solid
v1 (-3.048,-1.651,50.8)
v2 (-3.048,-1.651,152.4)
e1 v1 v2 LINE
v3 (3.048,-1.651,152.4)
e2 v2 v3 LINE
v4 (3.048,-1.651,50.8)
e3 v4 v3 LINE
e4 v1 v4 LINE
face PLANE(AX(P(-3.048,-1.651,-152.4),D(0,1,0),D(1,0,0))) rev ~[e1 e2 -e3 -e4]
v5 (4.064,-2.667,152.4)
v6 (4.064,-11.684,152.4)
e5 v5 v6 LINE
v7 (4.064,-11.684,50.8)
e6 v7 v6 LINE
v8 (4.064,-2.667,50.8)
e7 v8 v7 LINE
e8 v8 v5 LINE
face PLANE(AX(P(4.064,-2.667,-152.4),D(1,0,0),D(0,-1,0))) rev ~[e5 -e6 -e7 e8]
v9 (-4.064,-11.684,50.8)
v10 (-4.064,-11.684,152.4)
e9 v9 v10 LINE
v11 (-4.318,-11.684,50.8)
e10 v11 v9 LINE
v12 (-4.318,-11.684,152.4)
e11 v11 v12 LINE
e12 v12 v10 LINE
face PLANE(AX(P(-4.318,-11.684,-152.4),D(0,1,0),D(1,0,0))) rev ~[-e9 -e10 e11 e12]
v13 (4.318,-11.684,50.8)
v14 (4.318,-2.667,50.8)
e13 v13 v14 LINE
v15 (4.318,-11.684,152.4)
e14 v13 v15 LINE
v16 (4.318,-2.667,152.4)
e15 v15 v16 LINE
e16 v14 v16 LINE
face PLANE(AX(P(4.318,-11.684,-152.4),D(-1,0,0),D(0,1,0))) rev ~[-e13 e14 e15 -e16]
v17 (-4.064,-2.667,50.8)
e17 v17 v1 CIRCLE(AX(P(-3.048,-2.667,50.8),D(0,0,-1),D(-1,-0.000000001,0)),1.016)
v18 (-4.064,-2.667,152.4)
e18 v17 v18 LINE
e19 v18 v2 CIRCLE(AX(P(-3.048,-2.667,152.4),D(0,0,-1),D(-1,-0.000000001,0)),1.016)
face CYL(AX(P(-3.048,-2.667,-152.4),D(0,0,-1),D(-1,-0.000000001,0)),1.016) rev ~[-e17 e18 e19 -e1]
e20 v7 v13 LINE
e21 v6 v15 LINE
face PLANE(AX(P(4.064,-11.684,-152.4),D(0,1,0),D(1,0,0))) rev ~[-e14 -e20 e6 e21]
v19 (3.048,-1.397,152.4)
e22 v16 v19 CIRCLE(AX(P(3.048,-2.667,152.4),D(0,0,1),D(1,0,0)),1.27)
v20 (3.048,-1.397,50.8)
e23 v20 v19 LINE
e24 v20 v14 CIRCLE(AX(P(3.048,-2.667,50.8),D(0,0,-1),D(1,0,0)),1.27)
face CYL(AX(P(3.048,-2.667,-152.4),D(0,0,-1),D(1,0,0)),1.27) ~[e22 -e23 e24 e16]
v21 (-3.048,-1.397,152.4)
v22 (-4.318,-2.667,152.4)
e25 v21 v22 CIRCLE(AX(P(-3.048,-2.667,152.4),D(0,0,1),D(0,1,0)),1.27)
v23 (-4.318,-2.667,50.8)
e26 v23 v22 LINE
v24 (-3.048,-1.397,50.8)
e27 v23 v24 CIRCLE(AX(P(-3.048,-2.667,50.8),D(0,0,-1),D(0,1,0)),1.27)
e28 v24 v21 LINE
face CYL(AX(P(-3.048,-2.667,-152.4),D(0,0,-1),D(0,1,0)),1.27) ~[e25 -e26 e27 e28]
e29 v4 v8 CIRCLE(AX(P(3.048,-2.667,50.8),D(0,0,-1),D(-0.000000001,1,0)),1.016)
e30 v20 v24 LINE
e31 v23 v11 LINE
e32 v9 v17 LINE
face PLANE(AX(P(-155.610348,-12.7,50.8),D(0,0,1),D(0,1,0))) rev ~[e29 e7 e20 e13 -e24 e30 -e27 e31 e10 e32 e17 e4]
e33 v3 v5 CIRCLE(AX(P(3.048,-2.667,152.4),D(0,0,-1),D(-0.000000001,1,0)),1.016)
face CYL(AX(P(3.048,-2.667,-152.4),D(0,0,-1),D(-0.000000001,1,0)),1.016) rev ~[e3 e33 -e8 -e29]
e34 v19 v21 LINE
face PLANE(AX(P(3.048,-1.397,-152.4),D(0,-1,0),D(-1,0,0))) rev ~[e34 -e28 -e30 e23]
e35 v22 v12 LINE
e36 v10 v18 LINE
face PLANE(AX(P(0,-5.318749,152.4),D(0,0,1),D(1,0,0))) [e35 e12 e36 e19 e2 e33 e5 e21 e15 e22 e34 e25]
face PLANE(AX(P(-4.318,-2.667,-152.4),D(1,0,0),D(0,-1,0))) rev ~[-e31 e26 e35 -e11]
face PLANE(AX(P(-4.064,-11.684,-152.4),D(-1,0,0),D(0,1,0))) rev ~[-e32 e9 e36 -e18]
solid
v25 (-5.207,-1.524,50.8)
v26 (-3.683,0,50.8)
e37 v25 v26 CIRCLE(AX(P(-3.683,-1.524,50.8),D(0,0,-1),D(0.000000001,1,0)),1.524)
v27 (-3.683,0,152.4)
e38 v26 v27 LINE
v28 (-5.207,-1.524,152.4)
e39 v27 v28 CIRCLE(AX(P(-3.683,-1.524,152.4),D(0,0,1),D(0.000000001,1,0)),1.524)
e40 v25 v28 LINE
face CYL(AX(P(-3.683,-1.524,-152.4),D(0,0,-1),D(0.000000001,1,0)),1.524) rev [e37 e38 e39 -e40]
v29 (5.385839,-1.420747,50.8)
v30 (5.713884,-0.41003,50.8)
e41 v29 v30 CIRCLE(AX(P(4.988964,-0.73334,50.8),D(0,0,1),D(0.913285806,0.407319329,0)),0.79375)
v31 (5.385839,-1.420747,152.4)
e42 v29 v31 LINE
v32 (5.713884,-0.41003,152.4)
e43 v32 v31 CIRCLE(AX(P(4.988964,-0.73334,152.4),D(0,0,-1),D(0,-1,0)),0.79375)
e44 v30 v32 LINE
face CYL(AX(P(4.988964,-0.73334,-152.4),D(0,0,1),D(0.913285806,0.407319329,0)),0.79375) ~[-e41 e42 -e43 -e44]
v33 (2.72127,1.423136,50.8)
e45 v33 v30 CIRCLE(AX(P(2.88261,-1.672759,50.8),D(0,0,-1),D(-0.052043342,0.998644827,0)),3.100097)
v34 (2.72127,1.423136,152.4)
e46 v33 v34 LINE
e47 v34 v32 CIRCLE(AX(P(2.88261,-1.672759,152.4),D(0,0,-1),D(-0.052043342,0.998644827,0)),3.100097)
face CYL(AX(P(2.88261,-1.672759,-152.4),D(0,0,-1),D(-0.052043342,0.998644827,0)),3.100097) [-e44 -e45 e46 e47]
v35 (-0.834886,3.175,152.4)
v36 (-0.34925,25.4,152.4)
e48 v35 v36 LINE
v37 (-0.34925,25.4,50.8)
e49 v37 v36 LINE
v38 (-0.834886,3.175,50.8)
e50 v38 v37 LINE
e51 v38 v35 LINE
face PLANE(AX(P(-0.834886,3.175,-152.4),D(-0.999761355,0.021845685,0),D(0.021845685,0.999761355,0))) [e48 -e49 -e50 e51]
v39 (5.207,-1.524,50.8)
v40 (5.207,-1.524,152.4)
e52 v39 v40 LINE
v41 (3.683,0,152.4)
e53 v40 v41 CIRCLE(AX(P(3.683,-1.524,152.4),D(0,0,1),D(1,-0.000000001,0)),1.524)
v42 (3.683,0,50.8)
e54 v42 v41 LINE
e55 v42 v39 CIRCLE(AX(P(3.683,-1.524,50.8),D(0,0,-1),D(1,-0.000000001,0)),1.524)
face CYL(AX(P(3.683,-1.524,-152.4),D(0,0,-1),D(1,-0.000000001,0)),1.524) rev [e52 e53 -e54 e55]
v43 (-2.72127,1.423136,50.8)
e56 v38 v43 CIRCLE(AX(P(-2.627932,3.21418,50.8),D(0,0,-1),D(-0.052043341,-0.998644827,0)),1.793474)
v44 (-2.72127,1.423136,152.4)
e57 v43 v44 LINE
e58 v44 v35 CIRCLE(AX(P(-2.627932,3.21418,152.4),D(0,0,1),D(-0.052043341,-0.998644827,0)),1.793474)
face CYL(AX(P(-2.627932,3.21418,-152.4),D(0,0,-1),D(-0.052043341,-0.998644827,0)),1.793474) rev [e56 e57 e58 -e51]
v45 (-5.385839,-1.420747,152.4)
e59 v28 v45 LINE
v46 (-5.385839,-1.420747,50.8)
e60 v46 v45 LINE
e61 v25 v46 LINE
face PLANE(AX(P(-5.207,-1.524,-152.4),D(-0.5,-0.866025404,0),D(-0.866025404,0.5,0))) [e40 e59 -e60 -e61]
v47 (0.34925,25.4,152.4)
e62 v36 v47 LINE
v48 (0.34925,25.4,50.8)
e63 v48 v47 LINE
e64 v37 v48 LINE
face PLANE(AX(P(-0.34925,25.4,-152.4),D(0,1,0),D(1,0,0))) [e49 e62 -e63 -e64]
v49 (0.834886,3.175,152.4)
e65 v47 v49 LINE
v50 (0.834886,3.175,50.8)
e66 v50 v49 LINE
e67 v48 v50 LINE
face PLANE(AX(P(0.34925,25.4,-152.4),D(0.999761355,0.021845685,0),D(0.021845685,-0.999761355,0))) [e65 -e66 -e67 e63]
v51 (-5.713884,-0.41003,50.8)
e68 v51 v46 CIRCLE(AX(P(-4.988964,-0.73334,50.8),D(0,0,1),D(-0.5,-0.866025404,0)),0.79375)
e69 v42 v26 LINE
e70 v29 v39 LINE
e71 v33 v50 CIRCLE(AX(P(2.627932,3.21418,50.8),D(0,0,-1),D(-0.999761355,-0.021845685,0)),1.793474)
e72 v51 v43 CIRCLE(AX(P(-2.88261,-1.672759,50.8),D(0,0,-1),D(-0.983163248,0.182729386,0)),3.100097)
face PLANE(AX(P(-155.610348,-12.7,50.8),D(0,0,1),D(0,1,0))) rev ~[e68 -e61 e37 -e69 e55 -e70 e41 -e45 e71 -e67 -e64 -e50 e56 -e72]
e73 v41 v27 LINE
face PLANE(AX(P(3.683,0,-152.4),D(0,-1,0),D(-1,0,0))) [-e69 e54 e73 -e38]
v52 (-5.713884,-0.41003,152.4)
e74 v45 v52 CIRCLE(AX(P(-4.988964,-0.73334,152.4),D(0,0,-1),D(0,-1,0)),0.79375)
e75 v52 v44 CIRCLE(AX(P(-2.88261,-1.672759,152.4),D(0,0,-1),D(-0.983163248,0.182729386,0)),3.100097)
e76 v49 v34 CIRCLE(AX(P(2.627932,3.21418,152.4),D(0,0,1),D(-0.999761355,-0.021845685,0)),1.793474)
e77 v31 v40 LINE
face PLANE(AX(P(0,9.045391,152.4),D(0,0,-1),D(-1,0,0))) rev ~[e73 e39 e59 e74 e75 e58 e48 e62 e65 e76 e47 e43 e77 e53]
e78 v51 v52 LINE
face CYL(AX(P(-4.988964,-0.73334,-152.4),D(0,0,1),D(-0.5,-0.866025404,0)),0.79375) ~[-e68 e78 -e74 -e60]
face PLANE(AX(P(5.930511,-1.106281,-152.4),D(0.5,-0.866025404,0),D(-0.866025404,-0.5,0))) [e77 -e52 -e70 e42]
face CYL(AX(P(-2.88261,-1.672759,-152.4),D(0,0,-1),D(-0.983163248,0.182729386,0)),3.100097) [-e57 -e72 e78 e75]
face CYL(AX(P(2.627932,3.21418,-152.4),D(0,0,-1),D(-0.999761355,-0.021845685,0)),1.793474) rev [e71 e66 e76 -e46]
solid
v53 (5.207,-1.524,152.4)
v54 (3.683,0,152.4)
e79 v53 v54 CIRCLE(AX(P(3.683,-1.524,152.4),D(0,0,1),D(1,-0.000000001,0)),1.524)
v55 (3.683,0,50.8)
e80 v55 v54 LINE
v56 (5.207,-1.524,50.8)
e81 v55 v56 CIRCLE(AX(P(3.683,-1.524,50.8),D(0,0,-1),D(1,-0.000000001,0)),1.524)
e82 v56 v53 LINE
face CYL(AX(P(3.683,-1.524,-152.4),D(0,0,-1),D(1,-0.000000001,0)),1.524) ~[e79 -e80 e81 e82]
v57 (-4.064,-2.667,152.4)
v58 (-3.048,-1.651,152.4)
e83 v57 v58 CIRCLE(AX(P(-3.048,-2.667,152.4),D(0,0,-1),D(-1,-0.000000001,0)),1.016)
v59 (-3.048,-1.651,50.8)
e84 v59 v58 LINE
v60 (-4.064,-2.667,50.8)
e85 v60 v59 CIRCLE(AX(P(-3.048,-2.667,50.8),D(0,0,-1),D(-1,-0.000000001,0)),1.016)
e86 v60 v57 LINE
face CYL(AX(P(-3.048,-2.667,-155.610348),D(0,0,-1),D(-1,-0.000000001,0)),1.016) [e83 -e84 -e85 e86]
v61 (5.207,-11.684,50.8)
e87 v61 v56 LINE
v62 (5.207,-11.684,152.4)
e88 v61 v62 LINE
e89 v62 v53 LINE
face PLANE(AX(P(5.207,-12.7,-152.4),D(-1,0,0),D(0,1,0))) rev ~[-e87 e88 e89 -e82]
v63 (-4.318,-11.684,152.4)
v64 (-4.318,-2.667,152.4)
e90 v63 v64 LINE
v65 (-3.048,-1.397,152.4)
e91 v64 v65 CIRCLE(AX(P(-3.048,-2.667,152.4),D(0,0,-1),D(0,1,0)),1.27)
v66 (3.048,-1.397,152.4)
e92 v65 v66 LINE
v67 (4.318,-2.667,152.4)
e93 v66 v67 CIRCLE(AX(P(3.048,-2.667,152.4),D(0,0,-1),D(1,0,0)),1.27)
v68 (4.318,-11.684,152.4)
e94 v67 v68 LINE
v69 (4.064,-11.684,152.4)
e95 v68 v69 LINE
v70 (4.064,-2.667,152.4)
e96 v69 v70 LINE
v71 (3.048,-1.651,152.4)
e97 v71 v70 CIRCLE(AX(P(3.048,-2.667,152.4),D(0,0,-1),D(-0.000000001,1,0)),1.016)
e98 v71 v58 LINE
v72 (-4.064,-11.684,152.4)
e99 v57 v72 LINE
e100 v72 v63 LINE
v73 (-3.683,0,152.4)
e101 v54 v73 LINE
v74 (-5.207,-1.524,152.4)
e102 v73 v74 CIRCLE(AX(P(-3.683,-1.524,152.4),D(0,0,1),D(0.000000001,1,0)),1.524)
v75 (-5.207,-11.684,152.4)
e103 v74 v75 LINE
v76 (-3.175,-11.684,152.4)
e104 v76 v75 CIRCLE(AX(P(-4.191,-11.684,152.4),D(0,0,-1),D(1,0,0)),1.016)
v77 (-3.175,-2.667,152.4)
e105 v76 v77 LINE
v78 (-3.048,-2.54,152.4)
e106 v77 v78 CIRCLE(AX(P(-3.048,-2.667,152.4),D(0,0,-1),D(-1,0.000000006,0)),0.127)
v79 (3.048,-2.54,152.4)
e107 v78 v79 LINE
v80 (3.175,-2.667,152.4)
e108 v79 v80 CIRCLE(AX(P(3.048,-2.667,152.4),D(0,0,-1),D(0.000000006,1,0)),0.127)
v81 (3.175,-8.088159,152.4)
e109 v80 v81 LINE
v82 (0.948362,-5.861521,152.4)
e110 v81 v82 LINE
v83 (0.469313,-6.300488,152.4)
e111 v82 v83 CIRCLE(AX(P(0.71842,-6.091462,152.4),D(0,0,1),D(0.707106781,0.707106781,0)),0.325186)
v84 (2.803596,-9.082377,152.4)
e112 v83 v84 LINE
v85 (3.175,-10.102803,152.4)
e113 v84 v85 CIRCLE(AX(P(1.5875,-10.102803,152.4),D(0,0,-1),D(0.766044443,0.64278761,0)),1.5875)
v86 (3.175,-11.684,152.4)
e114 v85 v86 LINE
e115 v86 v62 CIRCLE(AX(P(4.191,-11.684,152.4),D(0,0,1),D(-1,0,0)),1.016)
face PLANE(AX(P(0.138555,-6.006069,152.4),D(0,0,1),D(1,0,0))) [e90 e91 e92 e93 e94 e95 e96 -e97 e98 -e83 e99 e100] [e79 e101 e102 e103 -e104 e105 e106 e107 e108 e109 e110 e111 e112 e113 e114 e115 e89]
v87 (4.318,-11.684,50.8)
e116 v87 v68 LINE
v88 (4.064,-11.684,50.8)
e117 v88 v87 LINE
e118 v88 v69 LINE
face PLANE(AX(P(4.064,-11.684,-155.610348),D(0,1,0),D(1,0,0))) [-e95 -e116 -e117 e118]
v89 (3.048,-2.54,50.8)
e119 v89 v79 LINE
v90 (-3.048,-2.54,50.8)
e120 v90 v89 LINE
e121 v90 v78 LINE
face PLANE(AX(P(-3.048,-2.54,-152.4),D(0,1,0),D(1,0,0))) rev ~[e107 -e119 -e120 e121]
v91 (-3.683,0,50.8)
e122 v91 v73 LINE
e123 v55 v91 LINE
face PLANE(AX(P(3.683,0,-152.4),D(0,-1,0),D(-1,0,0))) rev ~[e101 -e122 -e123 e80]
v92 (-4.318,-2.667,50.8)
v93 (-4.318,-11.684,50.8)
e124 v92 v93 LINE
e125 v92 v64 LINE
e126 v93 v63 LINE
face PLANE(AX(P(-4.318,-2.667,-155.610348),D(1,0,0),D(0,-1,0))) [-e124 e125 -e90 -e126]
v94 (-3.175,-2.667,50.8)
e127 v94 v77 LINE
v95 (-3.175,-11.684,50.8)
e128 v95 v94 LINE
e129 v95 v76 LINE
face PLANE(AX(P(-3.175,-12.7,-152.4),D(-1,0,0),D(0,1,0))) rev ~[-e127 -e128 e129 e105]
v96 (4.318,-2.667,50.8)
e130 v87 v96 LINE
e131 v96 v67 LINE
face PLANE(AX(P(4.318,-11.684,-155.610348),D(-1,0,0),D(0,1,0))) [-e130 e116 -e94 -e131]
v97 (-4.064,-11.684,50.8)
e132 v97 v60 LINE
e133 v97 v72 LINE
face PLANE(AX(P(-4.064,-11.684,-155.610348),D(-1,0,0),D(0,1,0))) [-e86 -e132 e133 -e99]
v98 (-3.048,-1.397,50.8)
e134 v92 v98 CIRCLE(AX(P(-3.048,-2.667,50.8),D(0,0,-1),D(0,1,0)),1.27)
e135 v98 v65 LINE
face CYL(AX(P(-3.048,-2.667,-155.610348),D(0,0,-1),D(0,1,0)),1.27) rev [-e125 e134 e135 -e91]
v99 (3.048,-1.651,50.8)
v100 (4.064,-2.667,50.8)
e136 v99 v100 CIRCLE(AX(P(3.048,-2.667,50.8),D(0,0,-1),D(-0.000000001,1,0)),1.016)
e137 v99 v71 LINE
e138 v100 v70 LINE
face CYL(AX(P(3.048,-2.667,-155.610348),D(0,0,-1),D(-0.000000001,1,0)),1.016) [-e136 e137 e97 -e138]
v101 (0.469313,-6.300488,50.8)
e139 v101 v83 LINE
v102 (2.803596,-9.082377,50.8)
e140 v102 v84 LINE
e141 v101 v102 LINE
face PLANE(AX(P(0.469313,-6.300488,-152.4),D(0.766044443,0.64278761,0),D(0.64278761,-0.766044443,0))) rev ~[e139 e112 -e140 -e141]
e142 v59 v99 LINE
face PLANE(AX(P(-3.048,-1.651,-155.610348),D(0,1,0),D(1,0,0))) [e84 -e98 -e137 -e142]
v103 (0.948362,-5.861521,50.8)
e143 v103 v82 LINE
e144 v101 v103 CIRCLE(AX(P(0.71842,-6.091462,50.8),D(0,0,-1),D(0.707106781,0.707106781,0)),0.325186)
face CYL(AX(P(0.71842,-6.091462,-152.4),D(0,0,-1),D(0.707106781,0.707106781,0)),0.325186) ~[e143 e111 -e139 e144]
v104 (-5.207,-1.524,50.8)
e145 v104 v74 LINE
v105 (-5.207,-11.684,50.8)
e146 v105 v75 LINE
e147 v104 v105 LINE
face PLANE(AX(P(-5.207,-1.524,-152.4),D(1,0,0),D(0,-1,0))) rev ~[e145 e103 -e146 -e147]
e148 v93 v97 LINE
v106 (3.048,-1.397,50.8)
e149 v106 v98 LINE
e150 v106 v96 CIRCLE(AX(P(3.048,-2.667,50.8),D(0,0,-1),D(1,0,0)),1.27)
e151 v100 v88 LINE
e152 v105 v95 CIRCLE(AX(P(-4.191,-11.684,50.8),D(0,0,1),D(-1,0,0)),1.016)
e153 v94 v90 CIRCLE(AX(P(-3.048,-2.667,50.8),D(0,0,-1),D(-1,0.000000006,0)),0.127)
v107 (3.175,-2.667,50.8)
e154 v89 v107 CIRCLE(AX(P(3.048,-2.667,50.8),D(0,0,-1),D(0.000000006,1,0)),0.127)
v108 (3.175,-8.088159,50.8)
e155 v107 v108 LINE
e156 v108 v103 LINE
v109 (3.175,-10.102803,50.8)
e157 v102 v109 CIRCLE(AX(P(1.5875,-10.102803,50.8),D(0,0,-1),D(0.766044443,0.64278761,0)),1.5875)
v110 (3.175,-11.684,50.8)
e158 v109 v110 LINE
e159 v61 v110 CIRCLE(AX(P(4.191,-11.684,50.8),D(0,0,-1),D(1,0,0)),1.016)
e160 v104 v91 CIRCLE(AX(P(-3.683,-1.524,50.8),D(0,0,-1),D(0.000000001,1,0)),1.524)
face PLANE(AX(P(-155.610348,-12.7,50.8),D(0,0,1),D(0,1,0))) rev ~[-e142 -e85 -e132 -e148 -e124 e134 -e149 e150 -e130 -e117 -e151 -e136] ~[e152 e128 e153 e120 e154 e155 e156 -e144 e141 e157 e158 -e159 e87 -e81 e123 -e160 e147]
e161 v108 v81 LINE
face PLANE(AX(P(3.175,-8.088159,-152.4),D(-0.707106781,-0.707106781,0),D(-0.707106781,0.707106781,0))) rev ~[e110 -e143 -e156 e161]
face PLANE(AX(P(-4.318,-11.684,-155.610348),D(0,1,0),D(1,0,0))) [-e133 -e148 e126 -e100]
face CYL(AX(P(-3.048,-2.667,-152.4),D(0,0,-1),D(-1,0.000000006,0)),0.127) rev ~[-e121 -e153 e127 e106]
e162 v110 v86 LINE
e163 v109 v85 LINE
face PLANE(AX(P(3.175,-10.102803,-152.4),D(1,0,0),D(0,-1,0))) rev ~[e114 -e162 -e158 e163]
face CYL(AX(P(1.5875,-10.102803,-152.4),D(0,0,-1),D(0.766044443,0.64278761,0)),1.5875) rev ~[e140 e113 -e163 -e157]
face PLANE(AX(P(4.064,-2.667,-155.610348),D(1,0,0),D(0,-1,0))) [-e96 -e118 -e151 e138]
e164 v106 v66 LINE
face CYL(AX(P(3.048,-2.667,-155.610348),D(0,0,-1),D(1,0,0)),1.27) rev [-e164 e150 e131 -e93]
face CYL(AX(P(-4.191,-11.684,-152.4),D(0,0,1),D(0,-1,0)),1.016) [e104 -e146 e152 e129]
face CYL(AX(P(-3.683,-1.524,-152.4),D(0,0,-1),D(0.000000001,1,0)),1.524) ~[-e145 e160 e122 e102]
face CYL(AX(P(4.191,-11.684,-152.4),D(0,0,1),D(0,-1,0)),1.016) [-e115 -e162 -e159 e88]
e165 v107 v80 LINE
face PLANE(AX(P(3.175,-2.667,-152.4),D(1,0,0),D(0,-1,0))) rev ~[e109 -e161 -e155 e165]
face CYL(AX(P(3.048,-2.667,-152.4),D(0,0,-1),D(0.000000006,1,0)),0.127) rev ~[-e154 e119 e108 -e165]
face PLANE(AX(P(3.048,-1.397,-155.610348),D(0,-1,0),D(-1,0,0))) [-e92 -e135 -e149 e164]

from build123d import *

# Parameters (mm, degrees)
BOSS_EXTRUDE1_DEPTH      = 152.4
BOSS_EXTRUDE1_DEPTH_BACK = 152.4
BOSS_EXTRUDE2_DEPTH      = 152.4
BOSS_EXTRUDE2_DEPTH_BACK = 152.4
FILLET1_R                = 0.79375
CUT_EXTRUDE1_DEPTH       = 155.610348225
CUT_EXTRUDE1_DEPTH_BACK  = 155.610348225
BOSS_EXTRUDE3_DEPTH      = 152.4
BOSS_EXTRUDE3_DEPTH_BACK = 152.4
FILLET2_RADIUS           = 1.016
FILLET2_LENGTH           = 304.8
FILLET3_RADIUS           = 1.016
FILLET3_LENGTH           = 304.8
CUT_EXTRUDE2_DEPTH       = 155.610348225
CUT_EXTRUDE2_DEPTH_BACK  = 155.610348225
SKETCH6_W                = 203.2
SKETCH6_H                = 38.1


with BuildPart() as part:
    # Sketch4 → Boss-Extrude1 (new, two sides: drawn at the far end of the back side and taken through both)
    with BuildSketch(Plane.XY.offset(-BOSS_EXTRUDE1_DEPTH_BACK)):
        with BuildLine():
            Line((-5.207, -12.7), (-3.175, -12.7))
            Line((-3.175, -12.7), (-3.175, -2.667))
            ThreePointArc((-3.175, -2.667), (-3.137802561, -2.577197439), (-3.048, -2.54))
            Line((-3.048, -2.54), (3.048, -2.54))
            ThreePointArc((3.048, -2.54), (3.137802561, -2.577197439), (3.175, -2.667))
            Line((3.175, -2.667), (3.175, -8.088159021))
            Line((3.175, -8.088159021), (0.948361947, -5.861520968))
            ThreePointArc((0.948361947, -5.861520968), (0.498727791, -5.851709916), (0.46931331, -6.300488167))
            Line((0.46931331, -6.300488167), (2.803595553, -9.082377417))
            ThreePointArc((2.803595553, -9.082377417), (3.079262035, -9.559845769), (3.175, -10.102802747))
            Line((3.175, -10.102802747), (3.175, -12.7))
            Line((3.175, -12.7), (5.207, -12.7))
            Line((5.207, -12.7), (5.207, -1.524))
            ThreePointArc((5.207, -1.524), (4.760630735, -0.446369265), (3.683, 0))
            Line((3.683, 0), (-3.683, 0))
            ThreePointArc((-3.683, 0), (-4.760630735, -0.446369265), (-5.207, -1.524))
            Line((-5.207, -1.524), (-5.207, -12.7))
        make_face()
    extrude(amount=BOSS_EXTRUDE1_DEPTH + BOSS_EXTRUDE1_DEPTH_BACK)

    # Sketch5 → Cut-Extrude1 (cut, two sides: drawn at the far end of the back side and taken through both)
    with BuildSketch(Plane.XY.offset(-CUT_EXTRUDE1_DEPTH_BACK)):
        with BuildLine():
            Line((4.318, -11.684), (4.318, -2.667))
            ThreePointArc((4.318, -2.667), (3.946025612, -1.768974388), (3.048, -1.397))
            Line((3.048, -1.397), (-3.048, -1.397))
            ThreePointArc((-3.048, -1.397), (-3.946025612, -1.768974388), (-4.318, -2.667))
            Line((-4.318, -2.667), (-4.318, -11.684))
            Line((-4.318, -11.684), (-4.064, -11.684))
            Line((-4.064, -11.684), (-4.064, -2.667))
            ThreePointArc((-4.064, -2.667), (-3.76642049, -1.94857951), (-3.048, -1.651))
            Line((-3.048, -1.651), (3.048, -1.651))
            ThreePointArc((3.048, -1.651), (3.76642049, -1.94857951), (4.064, -2.667))
            Line((4.064, -2.667), (4.064, -11.684))
            Line((4.064, -11.684), (4.318, -11.684))
        make_face()
    extrude(amount=CUT_EXTRUDE1_DEPTH + CUT_EXTRUDE1_DEPTH_BACK, mode=Mode.SUBTRACT)

    # Fillet2: full round fillet: the end face becomes a half cylinder, R = half its width
    fillet2_face = Plane((4.191, -12.7, 0), x_dir=(0, 0, 1), z_dir=(0, -1, 0))  # on the end face: x along it, z out of the body
    fillet2_slab = fillet2_face.offset(-FILLET2_RADIUS / 2) * Box(FILLET2_LENGTH, 2 * FILLET2_RADIUS, FILLET2_RADIUS, mode=Mode.PRIVATE)  # the body's end, R deep
    fillet2_round = Plane((4.191, -11.684, 0), x_dir=(0, -1, 0), z_dir=(0, 0, 1)) * Cylinder(FILLET2_RADIUS, FILLET2_LENGTH, mode=Mode.PRIVATE)  # its axis R under the face
    add(fillet2_slab - fillet2_round, mode=Mode.SUBTRACT)

    # Fillet3: full round fillet: the end face becomes a half cylinder, R = half its width
    fillet3_face = Plane((-4.191, -12.7, 0), x_dir=(0, 0, 1), z_dir=(0, -1, 0))  # on the end face: x along it, z out of the body
    fillet3_slab = fillet3_face.offset(-FILLET3_RADIUS / 2) * Box(FILLET3_LENGTH, 2 * FILLET3_RADIUS, FILLET3_RADIUS, mode=Mode.PRIVATE)  # the body's end, R deep
    fillet3_round = Plane((-4.191, -11.684, 0), x_dir=(0, -1, 0), z_dir=(0, 0, 1)) * Cylinder(FILLET3_RADIUS, FILLET3_LENGTH, mode=Mode.PRIVATE)  # its axis R under the face
    add(fillet3_slab - fillet3_round, mode=Mode.SUBTRACT)


with BuildPart() as body_2:
    # Sketch3 → Boss-Extrude2 (new, two sides: drawn at the far end of the back side and taken through both)
    with BuildSketch(Plane.XY.offset(-BOSS_EXTRUDE2_DEPTH_BACK)):
        with BuildLine():
            Line((3.683, 0), (-3.683, 0))
            ThreePointArc((-3.683, 0), (-4.760630735, -0.446369265), (-5.207, -1.524))
            Line((-5.207, -1.524), (-5.930511184, -1.106280623))
            ThreePointArc((-5.930511184, -1.106280623), (-4.801606302, 0.762), (-2.721270401, 1.423136341))
            ThreePointArc((-2.721270401, 1.423136341), (-1.407478061, 1.900010596), (-0.834886247, 3.175))
            Line((-0.834886247, 3.175), (-0.34925, 25.4))
            Line((-0.34925, 25.4), (0.34925, 25.4))
            Line((0.34925, 25.4), (0.834886247, 3.175))
            ThreePointArc((0.834886247, 3.175), (1.407478061, 1.900010596), (2.721270401, 1.423136341))
            ThreePointArc((2.721270401, 1.423136341), (4.801606302, 0.762), (5.930511184, -1.106280623))
            Line((5.930511184, -1.106280623), (5.207, -1.524))
            ThreePointArc((5.207, -1.524), (4.760630735, -0.446369265), (3.683, 0))
        make_face()
    extrude(amount=BOSS_EXTRUDE2_DEPTH + BOSS_EXTRUDE2_DEPTH_BACK)

    # Fillet1
    fillet1_edges = [body_2.edges().sort_by_distance(p)[0] for p in [
        (5.930511184, -1.106280623, 0),
        (-5.930511184, -1.106280623, 0),
    ]]
    fillet(fillet1_edges, radius=FILLET1_R)


with BuildPart() as body_3:
    # Sketch5<2> → Boss-Extrude3 (new, two sides: drawn at the far end of the back side and taken through both)
    with BuildSketch(Plane.XY.offset(-BOSS_EXTRUDE3_DEPTH_BACK)):
        with BuildLine():
            Line((4.318, -11.684), (4.318, -2.667))
            ThreePointArc((4.318, -2.667), (3.946025612, -1.768974388), (3.048, -1.397))
            Line((3.048, -1.397), (-3.048, -1.397))
            ThreePointArc((-3.048, -1.397), (-3.946025612, -1.768974388), (-4.318, -2.667))
            Line((-4.318, -2.667), (-4.318, -11.684))
            Line((-4.318, -11.684), (-4.064, -11.684))
            Line((-4.064, -11.684), (-4.064, -2.667))
            ThreePointArc((-4.064, -2.667), (-3.76642049, -1.94857951), (-3.048, -1.651))
            Line((-3.048, -1.651), (3.048, -1.651))
            ThreePointArc((3.048, -1.651), (3.76642049, -1.94857951), (4.064, -2.667))
            Line((4.064, -2.667), (4.064, -11.684))
            Line((4.064, -11.684), (4.318, -11.684))
        make_face()
    extrude(amount=BOSS_EXTRUDE3_DEPTH + BOSS_EXTRUDE3_DEPTH_BACK)


with BuildPart() as cut_extrude2_tool:
    # Sketch6 → Cut-Extrude2 (new, two sides: drawn at the far end of the back side and taken through both)
    with BuildSketch(Plane(origin=(0, 0, 0), x_dir=(0, 0, -1), z_dir=(1, 0, 0)).offset(-CUT_EXTRUDE2_DEPTH_BACK)):
        with Locations((50.8, 6.35)):
            Rectangle(SKETCH6_W, SKETCH6_H)
    extrude(amount=CUT_EXTRUDE2_DEPTH + CUT_EXTRUDE2_DEPTH_BACK)


with BuildPart() as part_1:
    add(part.part)

    # Cut-Extrude2: cut by cut_extrude2_tool
    add(cut_extrude2_tool.part, mode=Mode.SUBTRACT)


with BuildPart() as body_2_1:
    add(body_2.part)

    # Cut-Extrude2: cut by cut_extrude2_tool
    add(cut_extrude2_tool.part, mode=Mode.SUBTRACT)


with BuildPart() as body_3_1:
    add(body_3.part)

    # Cut-Extrude2: cut by cut_extrude2_tool
    add(cut_extrude2_tool.part, mode=Mode.SUBTRACT)


solid = Compound([part_1.part, body_2_1.part, body_3_1.part])
